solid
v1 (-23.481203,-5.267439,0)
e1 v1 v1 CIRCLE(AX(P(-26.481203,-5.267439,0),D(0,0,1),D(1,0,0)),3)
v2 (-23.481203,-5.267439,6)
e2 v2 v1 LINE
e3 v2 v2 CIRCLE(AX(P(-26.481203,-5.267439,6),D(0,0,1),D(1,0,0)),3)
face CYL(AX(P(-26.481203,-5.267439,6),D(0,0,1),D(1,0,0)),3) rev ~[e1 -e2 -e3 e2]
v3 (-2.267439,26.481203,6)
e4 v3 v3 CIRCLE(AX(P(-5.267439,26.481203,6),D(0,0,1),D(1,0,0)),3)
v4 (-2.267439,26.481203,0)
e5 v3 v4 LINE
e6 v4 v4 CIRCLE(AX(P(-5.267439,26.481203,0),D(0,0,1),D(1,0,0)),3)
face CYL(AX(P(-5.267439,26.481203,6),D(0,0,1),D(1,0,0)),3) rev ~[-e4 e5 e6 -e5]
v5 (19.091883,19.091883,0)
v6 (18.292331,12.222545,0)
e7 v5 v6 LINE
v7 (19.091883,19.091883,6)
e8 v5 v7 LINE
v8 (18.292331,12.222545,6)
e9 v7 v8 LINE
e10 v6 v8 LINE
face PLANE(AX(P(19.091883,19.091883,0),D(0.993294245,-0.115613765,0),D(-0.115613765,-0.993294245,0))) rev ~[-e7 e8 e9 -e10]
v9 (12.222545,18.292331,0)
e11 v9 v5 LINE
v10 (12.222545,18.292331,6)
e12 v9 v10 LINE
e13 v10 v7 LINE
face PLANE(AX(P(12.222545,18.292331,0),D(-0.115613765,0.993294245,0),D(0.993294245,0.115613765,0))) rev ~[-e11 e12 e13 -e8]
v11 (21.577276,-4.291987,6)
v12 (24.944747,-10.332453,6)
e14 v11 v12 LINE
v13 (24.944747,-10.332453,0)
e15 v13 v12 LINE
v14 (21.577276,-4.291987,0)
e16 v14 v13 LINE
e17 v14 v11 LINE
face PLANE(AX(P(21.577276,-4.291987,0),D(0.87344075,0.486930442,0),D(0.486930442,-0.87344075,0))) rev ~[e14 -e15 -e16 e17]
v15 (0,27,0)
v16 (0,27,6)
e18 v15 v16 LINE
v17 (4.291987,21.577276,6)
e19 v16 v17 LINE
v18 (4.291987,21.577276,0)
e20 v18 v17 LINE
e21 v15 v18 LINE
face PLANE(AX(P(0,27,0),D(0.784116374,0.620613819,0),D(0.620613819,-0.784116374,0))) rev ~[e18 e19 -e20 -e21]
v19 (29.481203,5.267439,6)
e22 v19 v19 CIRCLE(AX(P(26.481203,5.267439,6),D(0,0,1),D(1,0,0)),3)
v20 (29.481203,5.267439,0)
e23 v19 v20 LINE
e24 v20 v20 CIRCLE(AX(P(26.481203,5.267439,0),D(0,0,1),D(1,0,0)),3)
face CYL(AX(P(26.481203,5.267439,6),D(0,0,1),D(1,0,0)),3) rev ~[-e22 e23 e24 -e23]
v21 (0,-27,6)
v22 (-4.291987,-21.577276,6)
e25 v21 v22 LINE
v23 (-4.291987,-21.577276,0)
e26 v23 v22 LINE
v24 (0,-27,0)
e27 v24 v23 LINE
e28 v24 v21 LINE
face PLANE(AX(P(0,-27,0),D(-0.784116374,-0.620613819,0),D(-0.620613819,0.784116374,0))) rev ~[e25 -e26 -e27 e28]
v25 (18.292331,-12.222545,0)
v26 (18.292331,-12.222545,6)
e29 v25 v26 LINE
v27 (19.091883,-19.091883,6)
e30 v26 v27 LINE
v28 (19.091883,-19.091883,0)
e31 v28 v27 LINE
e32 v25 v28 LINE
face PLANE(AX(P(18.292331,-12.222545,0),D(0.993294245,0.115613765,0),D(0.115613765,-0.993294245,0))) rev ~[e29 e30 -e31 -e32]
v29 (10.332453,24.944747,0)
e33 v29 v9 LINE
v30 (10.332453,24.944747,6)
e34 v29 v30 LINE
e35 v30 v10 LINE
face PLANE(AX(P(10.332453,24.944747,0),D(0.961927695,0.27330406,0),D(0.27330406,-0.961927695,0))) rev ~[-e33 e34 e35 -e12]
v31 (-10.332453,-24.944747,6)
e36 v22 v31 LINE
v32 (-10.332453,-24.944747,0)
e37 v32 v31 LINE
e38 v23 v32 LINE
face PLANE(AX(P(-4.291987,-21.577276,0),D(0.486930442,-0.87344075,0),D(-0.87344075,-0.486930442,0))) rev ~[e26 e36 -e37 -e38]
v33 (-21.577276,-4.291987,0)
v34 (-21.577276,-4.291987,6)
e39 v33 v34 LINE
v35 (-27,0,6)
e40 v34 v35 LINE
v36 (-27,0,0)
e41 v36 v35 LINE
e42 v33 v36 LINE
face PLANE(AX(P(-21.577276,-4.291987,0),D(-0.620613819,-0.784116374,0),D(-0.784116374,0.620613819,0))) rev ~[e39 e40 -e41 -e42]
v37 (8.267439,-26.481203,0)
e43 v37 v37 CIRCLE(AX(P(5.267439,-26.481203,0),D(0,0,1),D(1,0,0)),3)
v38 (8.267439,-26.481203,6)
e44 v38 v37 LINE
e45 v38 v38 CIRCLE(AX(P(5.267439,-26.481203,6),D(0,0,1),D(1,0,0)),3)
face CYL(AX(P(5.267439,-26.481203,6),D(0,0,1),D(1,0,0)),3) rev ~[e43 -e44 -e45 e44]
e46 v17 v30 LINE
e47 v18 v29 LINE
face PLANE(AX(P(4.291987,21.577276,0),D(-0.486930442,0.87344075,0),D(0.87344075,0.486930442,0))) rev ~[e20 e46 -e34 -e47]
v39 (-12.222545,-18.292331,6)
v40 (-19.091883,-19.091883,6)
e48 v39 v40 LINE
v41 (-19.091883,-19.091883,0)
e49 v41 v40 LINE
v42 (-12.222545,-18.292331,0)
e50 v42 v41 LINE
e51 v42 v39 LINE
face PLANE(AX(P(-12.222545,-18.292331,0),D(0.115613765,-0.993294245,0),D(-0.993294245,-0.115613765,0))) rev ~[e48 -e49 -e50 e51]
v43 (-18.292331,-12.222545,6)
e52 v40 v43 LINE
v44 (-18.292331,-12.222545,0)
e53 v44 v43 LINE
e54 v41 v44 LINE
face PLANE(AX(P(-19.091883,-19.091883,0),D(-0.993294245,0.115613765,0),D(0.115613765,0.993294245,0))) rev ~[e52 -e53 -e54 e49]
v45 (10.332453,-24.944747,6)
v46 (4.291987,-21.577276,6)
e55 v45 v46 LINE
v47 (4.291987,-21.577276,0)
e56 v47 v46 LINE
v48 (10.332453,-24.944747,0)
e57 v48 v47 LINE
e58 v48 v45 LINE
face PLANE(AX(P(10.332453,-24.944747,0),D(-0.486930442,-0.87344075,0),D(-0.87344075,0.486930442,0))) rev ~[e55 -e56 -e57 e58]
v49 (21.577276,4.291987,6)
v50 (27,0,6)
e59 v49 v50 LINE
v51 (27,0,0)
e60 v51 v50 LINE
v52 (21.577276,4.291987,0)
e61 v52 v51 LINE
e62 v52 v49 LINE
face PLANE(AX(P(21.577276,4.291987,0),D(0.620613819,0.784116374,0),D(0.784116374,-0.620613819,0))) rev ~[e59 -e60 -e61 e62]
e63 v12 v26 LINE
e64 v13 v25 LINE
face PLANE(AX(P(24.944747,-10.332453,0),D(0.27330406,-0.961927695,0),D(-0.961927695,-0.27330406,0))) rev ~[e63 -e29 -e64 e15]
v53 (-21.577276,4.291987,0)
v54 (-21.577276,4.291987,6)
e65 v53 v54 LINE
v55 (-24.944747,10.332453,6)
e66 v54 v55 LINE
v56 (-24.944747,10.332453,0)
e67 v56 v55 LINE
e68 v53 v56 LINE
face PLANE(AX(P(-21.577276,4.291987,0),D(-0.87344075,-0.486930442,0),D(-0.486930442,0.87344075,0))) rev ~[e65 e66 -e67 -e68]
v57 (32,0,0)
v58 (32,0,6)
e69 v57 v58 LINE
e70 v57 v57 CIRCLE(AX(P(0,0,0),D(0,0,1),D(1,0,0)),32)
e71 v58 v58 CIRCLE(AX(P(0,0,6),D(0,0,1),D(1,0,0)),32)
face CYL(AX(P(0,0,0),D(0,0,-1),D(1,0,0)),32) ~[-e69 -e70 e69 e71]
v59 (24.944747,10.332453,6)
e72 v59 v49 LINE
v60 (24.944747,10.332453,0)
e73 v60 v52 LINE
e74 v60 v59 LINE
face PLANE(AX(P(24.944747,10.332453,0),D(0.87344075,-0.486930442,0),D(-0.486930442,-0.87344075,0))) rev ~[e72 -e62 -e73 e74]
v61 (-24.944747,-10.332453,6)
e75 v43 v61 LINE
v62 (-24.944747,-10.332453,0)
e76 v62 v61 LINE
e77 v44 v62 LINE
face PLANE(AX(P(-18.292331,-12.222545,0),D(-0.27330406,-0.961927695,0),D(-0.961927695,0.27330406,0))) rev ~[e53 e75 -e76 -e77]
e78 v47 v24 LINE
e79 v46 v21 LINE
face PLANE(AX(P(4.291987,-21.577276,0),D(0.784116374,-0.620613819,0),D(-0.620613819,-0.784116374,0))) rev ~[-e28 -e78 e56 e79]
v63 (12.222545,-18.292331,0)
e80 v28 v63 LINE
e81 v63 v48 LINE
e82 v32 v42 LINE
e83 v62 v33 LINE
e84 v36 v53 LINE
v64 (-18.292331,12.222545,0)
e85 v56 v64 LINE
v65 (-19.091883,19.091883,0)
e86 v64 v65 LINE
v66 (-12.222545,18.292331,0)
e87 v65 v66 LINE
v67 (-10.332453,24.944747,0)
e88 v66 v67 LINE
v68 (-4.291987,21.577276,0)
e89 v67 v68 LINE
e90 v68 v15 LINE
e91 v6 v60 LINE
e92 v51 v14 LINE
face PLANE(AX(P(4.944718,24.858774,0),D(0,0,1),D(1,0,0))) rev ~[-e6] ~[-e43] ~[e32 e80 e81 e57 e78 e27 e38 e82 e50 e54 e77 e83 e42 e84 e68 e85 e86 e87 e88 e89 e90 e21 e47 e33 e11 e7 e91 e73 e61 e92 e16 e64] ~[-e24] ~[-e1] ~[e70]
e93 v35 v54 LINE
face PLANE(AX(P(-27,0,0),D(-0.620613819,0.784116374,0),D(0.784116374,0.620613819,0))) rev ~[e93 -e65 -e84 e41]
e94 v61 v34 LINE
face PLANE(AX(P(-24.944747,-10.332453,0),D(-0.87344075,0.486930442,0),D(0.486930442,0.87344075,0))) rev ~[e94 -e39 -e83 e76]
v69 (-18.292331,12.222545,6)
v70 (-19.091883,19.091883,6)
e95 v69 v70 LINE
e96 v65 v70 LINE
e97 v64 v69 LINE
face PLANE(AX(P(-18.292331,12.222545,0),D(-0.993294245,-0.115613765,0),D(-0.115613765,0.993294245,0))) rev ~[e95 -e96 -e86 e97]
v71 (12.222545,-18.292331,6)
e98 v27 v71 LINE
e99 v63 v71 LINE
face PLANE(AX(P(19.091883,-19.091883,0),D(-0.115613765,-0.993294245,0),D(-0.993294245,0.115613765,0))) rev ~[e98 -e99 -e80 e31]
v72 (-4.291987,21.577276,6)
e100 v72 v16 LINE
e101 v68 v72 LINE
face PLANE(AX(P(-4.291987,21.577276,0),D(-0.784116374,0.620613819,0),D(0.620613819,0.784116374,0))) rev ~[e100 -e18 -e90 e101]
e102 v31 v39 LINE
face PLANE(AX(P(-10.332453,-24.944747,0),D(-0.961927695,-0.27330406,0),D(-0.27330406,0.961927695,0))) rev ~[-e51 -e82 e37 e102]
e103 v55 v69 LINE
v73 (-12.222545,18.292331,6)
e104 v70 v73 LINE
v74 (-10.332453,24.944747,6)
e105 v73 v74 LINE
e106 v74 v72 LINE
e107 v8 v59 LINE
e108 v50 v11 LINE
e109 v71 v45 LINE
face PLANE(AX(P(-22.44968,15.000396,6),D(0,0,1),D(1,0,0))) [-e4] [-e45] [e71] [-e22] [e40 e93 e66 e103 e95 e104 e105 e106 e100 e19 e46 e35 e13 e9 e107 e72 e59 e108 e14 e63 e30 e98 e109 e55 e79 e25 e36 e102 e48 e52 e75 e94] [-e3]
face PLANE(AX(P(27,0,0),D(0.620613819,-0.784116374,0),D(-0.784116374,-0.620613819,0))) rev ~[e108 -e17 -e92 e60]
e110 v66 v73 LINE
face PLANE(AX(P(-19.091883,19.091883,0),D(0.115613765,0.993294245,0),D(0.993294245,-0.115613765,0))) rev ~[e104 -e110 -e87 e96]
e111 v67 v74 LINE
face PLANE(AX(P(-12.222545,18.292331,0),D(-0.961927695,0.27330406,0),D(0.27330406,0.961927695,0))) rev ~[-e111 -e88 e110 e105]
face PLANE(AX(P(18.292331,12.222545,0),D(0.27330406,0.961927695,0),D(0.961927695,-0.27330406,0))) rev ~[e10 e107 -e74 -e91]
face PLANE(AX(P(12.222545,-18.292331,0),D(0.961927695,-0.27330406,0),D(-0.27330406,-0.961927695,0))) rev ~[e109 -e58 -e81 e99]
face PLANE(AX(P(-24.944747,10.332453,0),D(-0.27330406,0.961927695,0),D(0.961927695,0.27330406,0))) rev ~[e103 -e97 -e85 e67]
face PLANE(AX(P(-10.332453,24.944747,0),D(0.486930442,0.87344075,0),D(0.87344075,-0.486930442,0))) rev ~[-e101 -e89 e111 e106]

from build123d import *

# Parameters (mm, degrees)
ESBO_O1_R                = 32
ESBO_O1_R_2              = 27
RESSALTO_EXTRUS_O2_DEPTH = 6
ESBO_O3_R                = 3
CORTE_EXTRUS_O1_DEPTH    = 46.650848842
ESBO_O4_R                = 3
ESBO_O4_R_2              = 3.281084103
RESSALTO_EXTRUS_O3_DEPTH = 6


with BuildPart() as part:
    # Esboço1 → Ressalto-extrusão2 (new body)
    # profile 1 of 17: a face of its own
    with BuildSketch(Plane.XY):
        Circle(ESBO_O1_R)
        Circle(ESBO_O1_R_2, mode=Mode.SUBTRACT)
    # profile 2 of 17: a face of its own
    with BuildSketch(Plane.XY):
        with BuildLine():
            Line((-4.291987084, 21.577276169), (0, 27))
            ThreePointArc((0, 27), (-5.267438694, 26.481202571), (-10.332452674, 24.944747378))
            Line((-10.332452674, 24.944747378), (-4.291987084, 21.577276169))
        make_face()
    # profile 3 of 17: a face of its own
    with BuildSketch(Plane.XY):
        with BuildLine():
            Line((-12.222545126, 18.292331471), (-10.332452674, 24.944747378))
            ThreePointArc((-10.332452674, 24.944747378), (-15.000396292, 22.449679532), (-19.091883092, 19.091883092))
            Line((-19.091883092, 19.091883092), (-12.222545126, 18.292331471))
        make_face()
    # profile 4 of 17: a face of its own
    with BuildSketch(Plane.XY):
        with BuildLine():
            Line((-18.292331471, 12.222545126), (-19.091883092, 19.091883092))
            ThreePointArc((-19.091883092, 19.091883092), (-22.449679532, 15.000396292), (-24.944747378, 10.332452674))
            Line((-24.944747378, 10.332452674), (-18.292331471, 12.222545126))
        make_face()
    # profile 5 of 17: a face of its own
    with BuildSketch(Plane.XY):
        with BuildLine():
            Line((-21.577276169, 4.291987084), (-24.944747378, 10.332452674))
            ThreePointArc((-24.944747378, 10.332452674), (-26.481202571, 5.267438694), (-27, 0))
            Line((-27, 0), (-21.577276169, 4.291987084))
        make_face()
    # profile 6 of 17: a face of its own
    with BuildSketch(Plane.XY):
        with BuildLine():
            Line((-21.577276169, -4.291987084), (-27, 0))
            ThreePointArc((-27, 0), (-26.481202571, -5.267438694), (-24.944747378, -10.332452674))
            Line((-24.944747378, -10.332452674), (-21.577276169, -4.291987084))
        make_face()
    # profile 7 of 17: a face of its own
    with BuildSketch(Plane.XY):
        with BuildLine():
            Line((-18.292331471, -12.222545126), (-24.944747378, -10.332452674))
            ThreePointArc((-24.944747378, -10.332452674), (-22.449679532, -15.000396292), (-19.091883092, -19.091883092))
            Line((-19.091883092, -19.091883092), (-18.292331471, -12.222545126))
        make_face()
    # profile 8 of 17: a face of its own
    with BuildSketch(Plane.XY):
        with BuildLine():
            Line((-12.222545126, -18.292331471), (-19.091883092, -19.091883092))
            ThreePointArc((-19.091883092, -19.091883092), (-15.000396292, -22.449679532), (-10.332452674, -24.944747378))
            Line((-10.332452674, -24.944747378), (-12.222545126, -18.292331471))
        make_face()
    # profile 9 of 17: a face of its own
    with BuildSketch(Plane.XY):
        with BuildLine():
            Line((-4.291987084, -21.577276169), (-10.332452674, -24.944747378))
            ThreePointArc((-10.332452674, -24.944747378), (-5.267438694, -26.481202571), (0, -27))
            Line((0, -27), (-4.291987084, -21.577276169))
        make_face()
    # profile 10 of 17: a face of its own
    with BuildSketch(Plane.XY):
        with BuildLine():
            ThreePointArc((0, -27), (5.267438694, -26.481202571), (10.332452674, -24.944747378))
            Line((10.332452674, -24.944747378), (4.291987084, -21.577276169))
            Line((4.291987084, -21.577276169), (0, -27))
        make_face()
    # profile 11 of 17: a face of its own
    with BuildSketch(Plane.XY):
        with BuildLine():
            ThreePointArc((10.332452674, -24.944747378), (15.000396292, -22.449679532), (19.091883092, -19.091883092))
            Line((19.091883092, -19.091883092), (12.222545126, -18.292331471))
            Line((12.222545126, -18.292331471), (10.332452674, -24.944747378))
        make_face()
    # profile 12 of 17: a face of its own
    with BuildSketch(Plane.XY):
        with BuildLine():
            ThreePointArc((19.091883092, -19.091883092), (22.449679532, -15.000396292), (24.944747378, -10.332452674))
            Line((24.944747378, -10.332452674), (18.292331471, -12.222545126))
            Line((18.292331471, -12.222545126), (19.091883092, -19.091883092))
        make_face()
    # profile 13 of 17: a face of its own
    with BuildSketch(Plane.XY):
        with BuildLine():
            ThreePointArc((24.944747378, -10.332452674), (26.481202571, -5.267438694), (27, 0))
            Line((27, 0), (21.577276169, -4.291987084))
            Line((21.577276169, -4.291987084), (24.944747378, -10.332452674))
        make_face()
    # profile 14 of 17: a face of its own
    with BuildSketch(Plane.XY):
        with BuildLine():
            ThreePointArc((27, 0), (26.481202571, 5.267438694), (24.944747378, 10.332452674))
            Line((24.944747378, 10.332452674), (21.577276169, 4.291987084))
            Line((21.577276169, 4.291987084), (27, 0))
        make_face()
    # profile 15 of 17: a face of its own
    with BuildSketch(Plane.XY):
        with BuildLine():
            ThreePointArc((24.944747378, 10.332452674), (22.449679532, 15.000396292), (19.091883092, 19.091883092))
            Line((19.091883092, 19.091883092), (18.292331471, 12.222545126))
            Line((18.292331471, 12.222545126), (24.944747378, 10.332452674))
        make_face()
    # profile 16 of 17: a face of its own
    with BuildSketch(Plane.XY):
        with BuildLine():
            ThreePointArc((19.091883092, 19.091883092), (15.000396292, 22.449679532), (10.332452674, 24.944747378))
            Line((10.332452674, 24.944747378), (12.222545126, 18.292331471))
            Line((12.222545126, 18.292331471), (19.091883092, 19.091883092))
        make_face()
    # profile 17 of 17: a face of its own
    with BuildSketch(Plane.XY):
        with BuildLine():
            ThreePointArc((10.332452674, 24.944747378), (5.267438694, 26.481202571), (0, 27))
            Line((0, 27), (4.291987084, 21.577276169))
            Line((4.291987084, 21.577276169), (10.332452674, 24.944747378))
        make_face()
    extrude(amount=RESSALTO_EXTRUS_O2_DEPTH)

    # Esboço3 → Corte-extrusão1 (cut, through all)
    with BuildSketch(Plane.XY.offset(6)):
        with Locations((-5.267438694, 26.481202571)):
            Circle(ESBO_O3_R)
        with Locations((5.267438694, -26.481202571)):
            Circle(ESBO_O3_R)
        with Locations((26.481202571, 5.267438694)):
            Circle(ESBO_O3_R)
        with Locations((-26.481202571, -5.267438694)):
            Circle(ESBO_O3_R)
        with Locations((22.449679532, -15.000396292)):
            Circle(ESBO_O3_R)
        with Locations((-22.449679532, 15.000396292)):
            Circle(ESBO_O3_R)
    extrude(amount=-CORTE_EXTRUS_O1_DEPTH, mode=Mode.SUBTRACT)

    # Esboço4 → Ressalto-extrusão3 (add)
    with BuildSketch(Plane.XY.offset(6)):
        with Locations((-22.449679532, 15.000396292)):
            Circle(ESBO_O4_R)
        with Locations((22.424396541, -15.280341006)):
            Circle(ESBO_O4_R_2)
    extrude(amount=-RESSALTO_EXTRUS_O3_DEPTH)


solid = part.part
